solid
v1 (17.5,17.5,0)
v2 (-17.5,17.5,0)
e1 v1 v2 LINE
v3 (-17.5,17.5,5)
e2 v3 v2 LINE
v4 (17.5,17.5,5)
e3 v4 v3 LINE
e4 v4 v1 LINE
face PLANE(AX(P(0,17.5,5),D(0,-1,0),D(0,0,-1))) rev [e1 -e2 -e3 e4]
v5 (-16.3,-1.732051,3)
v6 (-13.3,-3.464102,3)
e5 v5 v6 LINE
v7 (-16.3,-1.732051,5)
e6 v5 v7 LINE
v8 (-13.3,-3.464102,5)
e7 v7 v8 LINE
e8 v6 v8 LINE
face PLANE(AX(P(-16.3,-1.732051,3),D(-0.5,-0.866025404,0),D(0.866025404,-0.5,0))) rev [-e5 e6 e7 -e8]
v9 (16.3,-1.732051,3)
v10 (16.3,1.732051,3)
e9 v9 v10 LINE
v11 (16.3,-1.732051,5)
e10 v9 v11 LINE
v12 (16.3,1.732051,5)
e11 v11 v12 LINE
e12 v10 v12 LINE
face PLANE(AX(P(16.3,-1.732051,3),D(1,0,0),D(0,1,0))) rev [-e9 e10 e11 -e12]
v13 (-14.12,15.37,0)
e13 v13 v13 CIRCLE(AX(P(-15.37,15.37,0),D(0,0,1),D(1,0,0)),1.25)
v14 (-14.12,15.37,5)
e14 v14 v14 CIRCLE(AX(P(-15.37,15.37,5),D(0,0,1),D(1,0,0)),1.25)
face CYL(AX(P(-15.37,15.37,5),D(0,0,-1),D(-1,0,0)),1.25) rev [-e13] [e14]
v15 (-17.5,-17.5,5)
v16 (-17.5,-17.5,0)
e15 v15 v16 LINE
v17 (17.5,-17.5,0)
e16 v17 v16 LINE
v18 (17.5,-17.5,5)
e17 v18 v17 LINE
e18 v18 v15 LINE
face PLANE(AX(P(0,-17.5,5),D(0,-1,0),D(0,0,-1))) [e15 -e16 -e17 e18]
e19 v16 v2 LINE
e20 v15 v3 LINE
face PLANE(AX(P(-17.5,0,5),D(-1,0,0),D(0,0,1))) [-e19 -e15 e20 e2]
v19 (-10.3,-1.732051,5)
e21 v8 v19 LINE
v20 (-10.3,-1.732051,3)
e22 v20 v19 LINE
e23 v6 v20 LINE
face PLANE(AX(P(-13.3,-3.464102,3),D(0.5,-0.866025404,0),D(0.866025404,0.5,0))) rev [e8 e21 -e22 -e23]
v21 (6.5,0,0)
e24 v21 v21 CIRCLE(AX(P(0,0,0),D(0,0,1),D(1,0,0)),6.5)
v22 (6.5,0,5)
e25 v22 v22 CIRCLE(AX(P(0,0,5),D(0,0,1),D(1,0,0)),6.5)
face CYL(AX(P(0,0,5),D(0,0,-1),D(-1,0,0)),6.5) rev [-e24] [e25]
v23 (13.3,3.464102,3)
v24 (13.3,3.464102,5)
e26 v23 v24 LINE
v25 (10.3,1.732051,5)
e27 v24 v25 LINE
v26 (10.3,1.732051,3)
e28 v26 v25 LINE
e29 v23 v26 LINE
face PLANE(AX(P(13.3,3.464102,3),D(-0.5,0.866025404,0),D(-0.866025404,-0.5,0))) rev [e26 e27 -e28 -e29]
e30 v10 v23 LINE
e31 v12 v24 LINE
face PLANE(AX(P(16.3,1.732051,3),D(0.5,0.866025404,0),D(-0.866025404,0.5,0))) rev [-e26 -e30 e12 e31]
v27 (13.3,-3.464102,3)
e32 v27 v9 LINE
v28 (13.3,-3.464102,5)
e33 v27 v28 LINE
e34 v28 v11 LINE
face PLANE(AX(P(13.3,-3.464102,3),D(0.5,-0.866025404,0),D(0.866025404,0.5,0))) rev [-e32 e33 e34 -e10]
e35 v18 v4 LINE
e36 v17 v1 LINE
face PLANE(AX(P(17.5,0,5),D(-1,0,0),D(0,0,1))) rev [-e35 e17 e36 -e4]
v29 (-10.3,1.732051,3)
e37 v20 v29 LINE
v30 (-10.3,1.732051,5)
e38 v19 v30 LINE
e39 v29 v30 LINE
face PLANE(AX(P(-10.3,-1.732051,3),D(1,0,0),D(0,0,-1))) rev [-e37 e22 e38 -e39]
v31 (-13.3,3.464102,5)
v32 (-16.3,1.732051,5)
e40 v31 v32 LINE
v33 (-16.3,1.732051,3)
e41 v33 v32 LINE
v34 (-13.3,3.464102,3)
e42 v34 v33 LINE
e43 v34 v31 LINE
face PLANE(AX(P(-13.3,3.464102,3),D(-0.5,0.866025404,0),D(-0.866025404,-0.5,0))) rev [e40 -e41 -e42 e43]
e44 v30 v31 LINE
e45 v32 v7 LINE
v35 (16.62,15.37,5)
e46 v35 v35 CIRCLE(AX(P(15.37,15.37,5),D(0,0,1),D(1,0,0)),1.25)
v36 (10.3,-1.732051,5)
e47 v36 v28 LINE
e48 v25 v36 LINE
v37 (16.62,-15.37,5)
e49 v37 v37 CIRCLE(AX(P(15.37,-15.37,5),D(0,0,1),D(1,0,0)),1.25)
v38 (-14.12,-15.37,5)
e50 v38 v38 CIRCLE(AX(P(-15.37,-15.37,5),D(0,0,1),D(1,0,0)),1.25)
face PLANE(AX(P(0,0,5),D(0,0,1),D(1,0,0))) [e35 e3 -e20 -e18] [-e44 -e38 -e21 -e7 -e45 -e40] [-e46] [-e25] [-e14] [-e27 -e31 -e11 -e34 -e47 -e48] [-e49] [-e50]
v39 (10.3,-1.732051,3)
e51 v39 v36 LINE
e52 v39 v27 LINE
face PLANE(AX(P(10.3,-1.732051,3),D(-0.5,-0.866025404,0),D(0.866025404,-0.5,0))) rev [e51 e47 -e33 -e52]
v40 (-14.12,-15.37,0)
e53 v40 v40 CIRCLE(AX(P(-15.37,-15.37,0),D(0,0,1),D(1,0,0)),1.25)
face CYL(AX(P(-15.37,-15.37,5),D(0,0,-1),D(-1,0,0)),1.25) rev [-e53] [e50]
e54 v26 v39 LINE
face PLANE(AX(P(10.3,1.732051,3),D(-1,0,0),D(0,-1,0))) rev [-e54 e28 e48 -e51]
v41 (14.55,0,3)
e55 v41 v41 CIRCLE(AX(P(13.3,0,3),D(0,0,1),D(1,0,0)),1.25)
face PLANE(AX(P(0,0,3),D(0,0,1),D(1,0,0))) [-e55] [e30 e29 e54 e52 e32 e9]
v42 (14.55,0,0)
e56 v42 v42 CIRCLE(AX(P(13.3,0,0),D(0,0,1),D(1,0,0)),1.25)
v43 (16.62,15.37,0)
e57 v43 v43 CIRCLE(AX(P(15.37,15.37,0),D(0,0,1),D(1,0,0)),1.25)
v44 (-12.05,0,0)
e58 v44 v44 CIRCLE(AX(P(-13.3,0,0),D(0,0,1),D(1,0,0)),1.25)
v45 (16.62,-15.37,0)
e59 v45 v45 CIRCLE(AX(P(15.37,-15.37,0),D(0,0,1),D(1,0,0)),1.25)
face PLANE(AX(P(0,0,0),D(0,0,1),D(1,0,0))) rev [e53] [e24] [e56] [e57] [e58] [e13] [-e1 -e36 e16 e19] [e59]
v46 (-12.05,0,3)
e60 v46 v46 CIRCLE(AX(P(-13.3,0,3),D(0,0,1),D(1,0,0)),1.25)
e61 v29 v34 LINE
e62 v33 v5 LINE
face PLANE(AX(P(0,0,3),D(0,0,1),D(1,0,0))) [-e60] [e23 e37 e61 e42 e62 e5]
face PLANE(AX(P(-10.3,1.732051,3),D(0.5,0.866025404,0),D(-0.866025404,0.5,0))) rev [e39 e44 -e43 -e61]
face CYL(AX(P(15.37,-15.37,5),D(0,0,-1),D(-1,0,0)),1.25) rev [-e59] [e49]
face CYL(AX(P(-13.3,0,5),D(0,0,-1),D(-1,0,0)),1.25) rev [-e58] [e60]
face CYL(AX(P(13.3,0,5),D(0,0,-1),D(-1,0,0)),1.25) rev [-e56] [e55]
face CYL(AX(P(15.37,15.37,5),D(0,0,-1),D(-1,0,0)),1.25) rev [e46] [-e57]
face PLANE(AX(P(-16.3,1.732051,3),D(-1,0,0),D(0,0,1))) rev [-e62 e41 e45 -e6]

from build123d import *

# Parameters (mm, degrees)
CROQUIS1_W              = 35
CROQUIS1_H              = 35
CROQUIS1_R              = 1.25
CROQUIS1_R_2            = 6.5
SALIENTE_EXTRUIR1_DEPTH = 5
CORTAR_EXTRUIR1_DEPTH   = 2


with BuildPart() as part:
    # Croquis1 → Saliente-Extruir1 (new body)
    with BuildSketch(Plane.XY):
        Rectangle(CROQUIS1_W, CROQUIS1_H)
        with Locations((-15.37, 15.37)):
            Circle(CROQUIS1_R, mode=Mode.SUBTRACT)
        with Locations((15.37, 15.37)):
            Circle(CROQUIS1_R, mode=Mode.SUBTRACT)
        with Locations((15.37, -15.37)):
            Circle(CROQUIS1_R, mode=Mode.SUBTRACT)
        with Locations((-15.37, -15.37)):
            Circle(CROQUIS1_R, mode=Mode.SUBTRACT)
        Circle(CROQUIS1_R_2, mode=Mode.SUBTRACT)
        with Locations((13.3, 0)):
            Circle(CROQUIS1_R, mode=Mode.SUBTRACT)
        with Locations((-13.3, 0)):
            Circle(CROQUIS1_R, mode=Mode.SUBTRACT)
    extrude(amount=SALIENTE_EXTRUIR1_DEPTH)

    # Croquis2 → Cortar-Extruir1 (cut)
    with BuildSketch(Plane.XY.offset(5)):
        Polygon((-13.3, 3.464101615), (-16.3, 1.732050808), (-16.3, -1.732050808), (-13.3, -3.464101615), (-10.3, -1.732050808), (-10.3, 1.732050808), align=None)
        Polygon((13.3, 3.464101615), (10.3, 1.732050808), (10.3, -1.732050808), (13.3, -3.464101615), (16.3, -1.732050808), (16.3, 1.732050808), align=None)
    extrude(amount=-CORTAR_EXTRUIR1_DEPTH, mode=Mode.SUBTRACT)


solid = part.part
